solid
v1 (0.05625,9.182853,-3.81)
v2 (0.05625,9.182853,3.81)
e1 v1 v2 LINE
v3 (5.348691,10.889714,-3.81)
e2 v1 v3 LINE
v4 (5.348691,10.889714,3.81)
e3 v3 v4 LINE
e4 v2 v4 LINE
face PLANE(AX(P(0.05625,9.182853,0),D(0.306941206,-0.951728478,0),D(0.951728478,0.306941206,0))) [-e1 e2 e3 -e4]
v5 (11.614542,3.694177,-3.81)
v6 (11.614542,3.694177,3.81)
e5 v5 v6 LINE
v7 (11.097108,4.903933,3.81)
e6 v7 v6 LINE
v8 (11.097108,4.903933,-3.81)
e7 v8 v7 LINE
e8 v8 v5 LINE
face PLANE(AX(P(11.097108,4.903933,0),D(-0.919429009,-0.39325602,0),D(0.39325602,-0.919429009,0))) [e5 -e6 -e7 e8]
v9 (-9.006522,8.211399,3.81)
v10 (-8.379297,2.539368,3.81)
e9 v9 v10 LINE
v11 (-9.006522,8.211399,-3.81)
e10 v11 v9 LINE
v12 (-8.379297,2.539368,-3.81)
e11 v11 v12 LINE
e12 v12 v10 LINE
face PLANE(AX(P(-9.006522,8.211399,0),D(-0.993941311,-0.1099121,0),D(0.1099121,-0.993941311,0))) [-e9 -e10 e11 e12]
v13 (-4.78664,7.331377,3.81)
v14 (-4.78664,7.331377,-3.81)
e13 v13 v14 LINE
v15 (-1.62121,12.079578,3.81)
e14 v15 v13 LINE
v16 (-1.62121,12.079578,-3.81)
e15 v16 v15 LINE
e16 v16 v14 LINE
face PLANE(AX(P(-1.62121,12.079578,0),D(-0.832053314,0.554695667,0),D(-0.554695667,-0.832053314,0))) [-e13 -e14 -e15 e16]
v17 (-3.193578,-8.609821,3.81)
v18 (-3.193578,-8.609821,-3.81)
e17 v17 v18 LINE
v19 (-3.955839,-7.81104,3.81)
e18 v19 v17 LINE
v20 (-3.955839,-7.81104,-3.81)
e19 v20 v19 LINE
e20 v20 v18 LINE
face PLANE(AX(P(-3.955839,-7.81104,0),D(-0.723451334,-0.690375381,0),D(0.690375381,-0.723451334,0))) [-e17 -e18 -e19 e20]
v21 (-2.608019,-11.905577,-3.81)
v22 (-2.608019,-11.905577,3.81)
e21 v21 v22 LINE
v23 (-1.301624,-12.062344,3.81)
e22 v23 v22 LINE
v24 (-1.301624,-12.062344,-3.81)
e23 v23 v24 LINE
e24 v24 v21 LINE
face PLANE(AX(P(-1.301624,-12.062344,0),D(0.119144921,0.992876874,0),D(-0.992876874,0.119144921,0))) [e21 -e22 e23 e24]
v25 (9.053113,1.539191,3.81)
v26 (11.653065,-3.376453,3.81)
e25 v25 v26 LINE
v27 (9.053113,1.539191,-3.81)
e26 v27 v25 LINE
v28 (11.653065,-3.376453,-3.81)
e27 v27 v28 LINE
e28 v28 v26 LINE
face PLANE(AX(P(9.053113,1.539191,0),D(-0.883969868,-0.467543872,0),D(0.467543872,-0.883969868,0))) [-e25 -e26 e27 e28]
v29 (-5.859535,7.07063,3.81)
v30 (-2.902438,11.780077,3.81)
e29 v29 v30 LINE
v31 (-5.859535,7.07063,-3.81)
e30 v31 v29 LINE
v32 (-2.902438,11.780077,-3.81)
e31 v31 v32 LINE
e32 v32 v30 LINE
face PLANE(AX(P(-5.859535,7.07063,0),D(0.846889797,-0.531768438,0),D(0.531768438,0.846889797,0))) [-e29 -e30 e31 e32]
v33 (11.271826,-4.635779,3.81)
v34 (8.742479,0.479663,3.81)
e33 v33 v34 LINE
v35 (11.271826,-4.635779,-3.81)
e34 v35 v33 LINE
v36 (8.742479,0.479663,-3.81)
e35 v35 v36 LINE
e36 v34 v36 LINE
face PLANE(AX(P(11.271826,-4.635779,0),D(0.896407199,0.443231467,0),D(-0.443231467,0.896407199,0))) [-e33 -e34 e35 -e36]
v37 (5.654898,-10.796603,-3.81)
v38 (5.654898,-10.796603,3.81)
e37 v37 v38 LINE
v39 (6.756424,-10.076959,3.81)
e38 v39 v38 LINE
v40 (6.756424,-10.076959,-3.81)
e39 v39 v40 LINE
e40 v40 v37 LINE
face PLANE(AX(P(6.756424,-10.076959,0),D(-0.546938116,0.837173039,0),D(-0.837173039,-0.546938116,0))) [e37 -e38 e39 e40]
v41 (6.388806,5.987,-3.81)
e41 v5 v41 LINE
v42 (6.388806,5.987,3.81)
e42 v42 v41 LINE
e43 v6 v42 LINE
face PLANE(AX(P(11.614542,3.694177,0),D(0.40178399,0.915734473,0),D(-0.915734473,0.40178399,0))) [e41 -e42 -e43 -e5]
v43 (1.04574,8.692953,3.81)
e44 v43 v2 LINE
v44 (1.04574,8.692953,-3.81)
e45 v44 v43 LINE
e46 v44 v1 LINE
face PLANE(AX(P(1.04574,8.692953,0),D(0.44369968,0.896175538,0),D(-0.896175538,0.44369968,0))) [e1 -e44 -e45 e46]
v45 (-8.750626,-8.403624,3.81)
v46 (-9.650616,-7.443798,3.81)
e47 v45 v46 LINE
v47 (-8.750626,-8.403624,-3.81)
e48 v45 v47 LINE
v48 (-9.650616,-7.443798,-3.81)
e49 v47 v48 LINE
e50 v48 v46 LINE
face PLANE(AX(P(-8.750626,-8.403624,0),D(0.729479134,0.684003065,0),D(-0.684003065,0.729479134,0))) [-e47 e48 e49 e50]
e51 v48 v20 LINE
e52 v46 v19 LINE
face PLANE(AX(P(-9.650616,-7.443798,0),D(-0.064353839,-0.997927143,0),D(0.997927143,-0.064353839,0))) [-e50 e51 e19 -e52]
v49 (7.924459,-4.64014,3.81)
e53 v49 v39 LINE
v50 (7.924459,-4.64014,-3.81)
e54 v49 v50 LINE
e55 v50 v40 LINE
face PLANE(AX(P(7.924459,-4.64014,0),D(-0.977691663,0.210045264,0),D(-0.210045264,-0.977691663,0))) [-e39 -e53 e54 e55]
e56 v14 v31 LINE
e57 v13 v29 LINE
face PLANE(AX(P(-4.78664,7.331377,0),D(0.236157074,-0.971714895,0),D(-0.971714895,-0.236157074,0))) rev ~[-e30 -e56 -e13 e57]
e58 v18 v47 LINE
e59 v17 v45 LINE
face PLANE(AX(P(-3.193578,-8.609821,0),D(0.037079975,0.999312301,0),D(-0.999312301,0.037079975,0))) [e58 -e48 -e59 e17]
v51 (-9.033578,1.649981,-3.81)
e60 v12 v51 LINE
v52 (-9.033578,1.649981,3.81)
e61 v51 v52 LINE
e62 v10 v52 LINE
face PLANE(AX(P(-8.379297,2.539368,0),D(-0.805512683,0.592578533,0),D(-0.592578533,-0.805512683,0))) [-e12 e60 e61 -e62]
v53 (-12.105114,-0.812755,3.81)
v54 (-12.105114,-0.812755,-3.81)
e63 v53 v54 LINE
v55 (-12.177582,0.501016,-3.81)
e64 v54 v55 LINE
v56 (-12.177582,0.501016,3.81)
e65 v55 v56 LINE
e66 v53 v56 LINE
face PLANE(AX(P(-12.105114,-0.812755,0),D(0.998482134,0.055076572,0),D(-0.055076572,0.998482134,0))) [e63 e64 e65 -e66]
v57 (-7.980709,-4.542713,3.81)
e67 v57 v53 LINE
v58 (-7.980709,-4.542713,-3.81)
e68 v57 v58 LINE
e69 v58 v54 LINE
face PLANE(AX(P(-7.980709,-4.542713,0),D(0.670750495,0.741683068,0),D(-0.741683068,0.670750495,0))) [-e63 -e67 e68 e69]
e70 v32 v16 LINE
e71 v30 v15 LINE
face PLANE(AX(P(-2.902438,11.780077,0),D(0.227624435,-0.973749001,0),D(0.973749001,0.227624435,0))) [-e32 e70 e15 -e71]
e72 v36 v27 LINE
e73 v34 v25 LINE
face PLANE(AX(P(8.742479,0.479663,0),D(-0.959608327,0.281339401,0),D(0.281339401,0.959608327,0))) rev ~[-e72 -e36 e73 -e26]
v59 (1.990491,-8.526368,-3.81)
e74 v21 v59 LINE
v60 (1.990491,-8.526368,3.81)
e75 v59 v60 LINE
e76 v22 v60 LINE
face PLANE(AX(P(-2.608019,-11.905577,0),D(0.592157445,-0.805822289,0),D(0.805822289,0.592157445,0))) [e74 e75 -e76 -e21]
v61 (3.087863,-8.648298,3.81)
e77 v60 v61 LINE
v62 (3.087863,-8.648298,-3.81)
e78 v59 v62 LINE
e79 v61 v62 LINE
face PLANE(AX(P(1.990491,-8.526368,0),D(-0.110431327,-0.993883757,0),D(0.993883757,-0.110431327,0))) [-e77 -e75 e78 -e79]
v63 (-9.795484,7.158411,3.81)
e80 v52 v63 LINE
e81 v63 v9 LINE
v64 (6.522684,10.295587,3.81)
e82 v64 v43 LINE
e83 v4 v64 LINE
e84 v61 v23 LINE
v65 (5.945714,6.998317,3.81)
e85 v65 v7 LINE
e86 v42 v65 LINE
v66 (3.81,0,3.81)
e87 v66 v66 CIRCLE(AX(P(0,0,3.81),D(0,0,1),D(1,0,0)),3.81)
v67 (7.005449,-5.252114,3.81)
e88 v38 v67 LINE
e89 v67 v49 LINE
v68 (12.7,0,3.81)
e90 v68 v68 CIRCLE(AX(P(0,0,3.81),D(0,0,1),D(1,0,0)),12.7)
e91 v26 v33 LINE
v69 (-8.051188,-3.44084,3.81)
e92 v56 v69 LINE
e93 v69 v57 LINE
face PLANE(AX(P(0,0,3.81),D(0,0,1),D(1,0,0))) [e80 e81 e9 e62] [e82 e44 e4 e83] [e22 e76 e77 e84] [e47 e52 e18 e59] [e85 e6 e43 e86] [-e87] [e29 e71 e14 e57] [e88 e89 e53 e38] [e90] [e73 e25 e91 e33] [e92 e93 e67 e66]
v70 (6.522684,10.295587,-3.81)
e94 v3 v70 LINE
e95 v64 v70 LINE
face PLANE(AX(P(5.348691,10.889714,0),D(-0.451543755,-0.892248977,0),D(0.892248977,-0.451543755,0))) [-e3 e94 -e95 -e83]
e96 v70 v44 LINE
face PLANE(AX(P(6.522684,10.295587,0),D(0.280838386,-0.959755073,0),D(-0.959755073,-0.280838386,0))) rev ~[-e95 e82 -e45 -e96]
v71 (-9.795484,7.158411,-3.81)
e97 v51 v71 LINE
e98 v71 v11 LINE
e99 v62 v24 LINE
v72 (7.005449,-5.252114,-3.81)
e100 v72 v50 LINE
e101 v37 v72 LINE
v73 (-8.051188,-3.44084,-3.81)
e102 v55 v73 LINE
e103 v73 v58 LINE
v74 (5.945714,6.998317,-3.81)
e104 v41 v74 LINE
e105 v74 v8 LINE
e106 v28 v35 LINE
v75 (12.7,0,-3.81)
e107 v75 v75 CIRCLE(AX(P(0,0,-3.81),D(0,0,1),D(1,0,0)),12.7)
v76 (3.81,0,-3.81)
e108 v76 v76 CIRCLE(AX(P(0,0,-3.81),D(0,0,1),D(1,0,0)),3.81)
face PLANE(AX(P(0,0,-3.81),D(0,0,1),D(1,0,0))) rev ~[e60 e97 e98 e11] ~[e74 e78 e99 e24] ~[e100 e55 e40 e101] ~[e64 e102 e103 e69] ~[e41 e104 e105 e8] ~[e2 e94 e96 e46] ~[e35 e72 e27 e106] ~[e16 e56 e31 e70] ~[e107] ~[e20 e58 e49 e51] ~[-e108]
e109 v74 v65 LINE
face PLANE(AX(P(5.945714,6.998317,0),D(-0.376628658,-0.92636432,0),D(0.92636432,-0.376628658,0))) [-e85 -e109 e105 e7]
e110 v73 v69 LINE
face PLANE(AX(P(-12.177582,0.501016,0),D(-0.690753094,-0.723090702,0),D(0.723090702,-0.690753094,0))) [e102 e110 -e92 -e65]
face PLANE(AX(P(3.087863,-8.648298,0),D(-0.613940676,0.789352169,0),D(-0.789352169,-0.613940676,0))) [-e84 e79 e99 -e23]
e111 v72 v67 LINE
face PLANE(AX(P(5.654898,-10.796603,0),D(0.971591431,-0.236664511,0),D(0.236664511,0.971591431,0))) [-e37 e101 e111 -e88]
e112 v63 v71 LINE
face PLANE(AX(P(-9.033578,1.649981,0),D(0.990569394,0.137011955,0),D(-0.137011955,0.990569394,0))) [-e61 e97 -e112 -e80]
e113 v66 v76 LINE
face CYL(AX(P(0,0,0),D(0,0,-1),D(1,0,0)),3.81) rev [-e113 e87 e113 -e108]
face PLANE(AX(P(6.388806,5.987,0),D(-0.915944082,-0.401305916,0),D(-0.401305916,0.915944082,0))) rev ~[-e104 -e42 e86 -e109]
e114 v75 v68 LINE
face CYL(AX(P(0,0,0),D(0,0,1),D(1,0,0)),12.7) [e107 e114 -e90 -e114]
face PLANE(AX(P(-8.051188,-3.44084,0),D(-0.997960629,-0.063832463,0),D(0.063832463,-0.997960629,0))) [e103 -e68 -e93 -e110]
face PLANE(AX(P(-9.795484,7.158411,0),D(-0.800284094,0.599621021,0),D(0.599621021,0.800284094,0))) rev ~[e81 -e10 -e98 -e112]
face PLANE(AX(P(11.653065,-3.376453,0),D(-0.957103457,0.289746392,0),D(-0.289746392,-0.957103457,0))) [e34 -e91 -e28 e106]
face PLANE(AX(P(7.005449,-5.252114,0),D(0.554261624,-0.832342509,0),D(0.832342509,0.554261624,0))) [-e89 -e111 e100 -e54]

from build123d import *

# Parameters (mm, degrees)
F0_R     = 12.7
F0_R_2   = 3.81
F1_DEPTH = 3.81


with BuildPart() as f1:
    # F0 (on Top) → F1 (new body, symmetric)
    with BuildSketch(Plane.XY):
        Circle(F0_R)
        Polygon((-9.650616, -7.443798), (-3.955839, -7.81104), (-3.193578, -8.609821), (-8.750626, -8.403624), align=None, mode=Mode.SUBTRACT)
        Polygon((-12.177582, 0.501016), (-8.051188, -3.44084), (-7.980709, -4.542713), (-12.105114, -0.812755), align=None, mode=Mode.SUBTRACT)
        Circle(F0_R_2, mode=Mode.SUBTRACT)
        Polygon((-2.608019, -11.905577), (1.990491, -8.526368), (3.087863, -8.648298), (-1.301624, -12.062344), align=None, mode=Mode.SUBTRACT)
        Polygon((5.654898, -10.796603), (7.005449, -5.252114), (7.924459, -4.64014), (6.756424, -10.076959), align=None, mode=Mode.SUBTRACT)
        Polygon((11.271826, -4.635779), (8.742479, 0.479663), (9.053113, 1.539191), (11.653065, -3.376453), align=None, mode=Mode.SUBTRACT)
        Polygon((-9.033578, 1.649981), (-9.795484, 7.158411), (-9.006522, 8.211399), (-8.379297, 2.539368), align=None, mode=Mode.SUBTRACT)
        Polygon((-1.62121, 12.079578), (-4.78664, 7.331377), (-5.859535, 7.07063), (-2.902438, 11.780077), align=None, mode=Mode.SUBTRACT)
        Polygon((11.614542, 3.694177), (6.388806, 5.987), (5.945714, 6.998317), (11.097108, 4.903933), align=None, mode=Mode.SUBTRACT)
        Polygon((6.522684, 10.295587), (1.04574, 8.692953), (0.05625, 9.182853), (5.348691, 10.889714), align=None, mode=Mode.SUBTRACT)
    extrude(amount=F1_DEPTH, both=True)


solid = f1.part
